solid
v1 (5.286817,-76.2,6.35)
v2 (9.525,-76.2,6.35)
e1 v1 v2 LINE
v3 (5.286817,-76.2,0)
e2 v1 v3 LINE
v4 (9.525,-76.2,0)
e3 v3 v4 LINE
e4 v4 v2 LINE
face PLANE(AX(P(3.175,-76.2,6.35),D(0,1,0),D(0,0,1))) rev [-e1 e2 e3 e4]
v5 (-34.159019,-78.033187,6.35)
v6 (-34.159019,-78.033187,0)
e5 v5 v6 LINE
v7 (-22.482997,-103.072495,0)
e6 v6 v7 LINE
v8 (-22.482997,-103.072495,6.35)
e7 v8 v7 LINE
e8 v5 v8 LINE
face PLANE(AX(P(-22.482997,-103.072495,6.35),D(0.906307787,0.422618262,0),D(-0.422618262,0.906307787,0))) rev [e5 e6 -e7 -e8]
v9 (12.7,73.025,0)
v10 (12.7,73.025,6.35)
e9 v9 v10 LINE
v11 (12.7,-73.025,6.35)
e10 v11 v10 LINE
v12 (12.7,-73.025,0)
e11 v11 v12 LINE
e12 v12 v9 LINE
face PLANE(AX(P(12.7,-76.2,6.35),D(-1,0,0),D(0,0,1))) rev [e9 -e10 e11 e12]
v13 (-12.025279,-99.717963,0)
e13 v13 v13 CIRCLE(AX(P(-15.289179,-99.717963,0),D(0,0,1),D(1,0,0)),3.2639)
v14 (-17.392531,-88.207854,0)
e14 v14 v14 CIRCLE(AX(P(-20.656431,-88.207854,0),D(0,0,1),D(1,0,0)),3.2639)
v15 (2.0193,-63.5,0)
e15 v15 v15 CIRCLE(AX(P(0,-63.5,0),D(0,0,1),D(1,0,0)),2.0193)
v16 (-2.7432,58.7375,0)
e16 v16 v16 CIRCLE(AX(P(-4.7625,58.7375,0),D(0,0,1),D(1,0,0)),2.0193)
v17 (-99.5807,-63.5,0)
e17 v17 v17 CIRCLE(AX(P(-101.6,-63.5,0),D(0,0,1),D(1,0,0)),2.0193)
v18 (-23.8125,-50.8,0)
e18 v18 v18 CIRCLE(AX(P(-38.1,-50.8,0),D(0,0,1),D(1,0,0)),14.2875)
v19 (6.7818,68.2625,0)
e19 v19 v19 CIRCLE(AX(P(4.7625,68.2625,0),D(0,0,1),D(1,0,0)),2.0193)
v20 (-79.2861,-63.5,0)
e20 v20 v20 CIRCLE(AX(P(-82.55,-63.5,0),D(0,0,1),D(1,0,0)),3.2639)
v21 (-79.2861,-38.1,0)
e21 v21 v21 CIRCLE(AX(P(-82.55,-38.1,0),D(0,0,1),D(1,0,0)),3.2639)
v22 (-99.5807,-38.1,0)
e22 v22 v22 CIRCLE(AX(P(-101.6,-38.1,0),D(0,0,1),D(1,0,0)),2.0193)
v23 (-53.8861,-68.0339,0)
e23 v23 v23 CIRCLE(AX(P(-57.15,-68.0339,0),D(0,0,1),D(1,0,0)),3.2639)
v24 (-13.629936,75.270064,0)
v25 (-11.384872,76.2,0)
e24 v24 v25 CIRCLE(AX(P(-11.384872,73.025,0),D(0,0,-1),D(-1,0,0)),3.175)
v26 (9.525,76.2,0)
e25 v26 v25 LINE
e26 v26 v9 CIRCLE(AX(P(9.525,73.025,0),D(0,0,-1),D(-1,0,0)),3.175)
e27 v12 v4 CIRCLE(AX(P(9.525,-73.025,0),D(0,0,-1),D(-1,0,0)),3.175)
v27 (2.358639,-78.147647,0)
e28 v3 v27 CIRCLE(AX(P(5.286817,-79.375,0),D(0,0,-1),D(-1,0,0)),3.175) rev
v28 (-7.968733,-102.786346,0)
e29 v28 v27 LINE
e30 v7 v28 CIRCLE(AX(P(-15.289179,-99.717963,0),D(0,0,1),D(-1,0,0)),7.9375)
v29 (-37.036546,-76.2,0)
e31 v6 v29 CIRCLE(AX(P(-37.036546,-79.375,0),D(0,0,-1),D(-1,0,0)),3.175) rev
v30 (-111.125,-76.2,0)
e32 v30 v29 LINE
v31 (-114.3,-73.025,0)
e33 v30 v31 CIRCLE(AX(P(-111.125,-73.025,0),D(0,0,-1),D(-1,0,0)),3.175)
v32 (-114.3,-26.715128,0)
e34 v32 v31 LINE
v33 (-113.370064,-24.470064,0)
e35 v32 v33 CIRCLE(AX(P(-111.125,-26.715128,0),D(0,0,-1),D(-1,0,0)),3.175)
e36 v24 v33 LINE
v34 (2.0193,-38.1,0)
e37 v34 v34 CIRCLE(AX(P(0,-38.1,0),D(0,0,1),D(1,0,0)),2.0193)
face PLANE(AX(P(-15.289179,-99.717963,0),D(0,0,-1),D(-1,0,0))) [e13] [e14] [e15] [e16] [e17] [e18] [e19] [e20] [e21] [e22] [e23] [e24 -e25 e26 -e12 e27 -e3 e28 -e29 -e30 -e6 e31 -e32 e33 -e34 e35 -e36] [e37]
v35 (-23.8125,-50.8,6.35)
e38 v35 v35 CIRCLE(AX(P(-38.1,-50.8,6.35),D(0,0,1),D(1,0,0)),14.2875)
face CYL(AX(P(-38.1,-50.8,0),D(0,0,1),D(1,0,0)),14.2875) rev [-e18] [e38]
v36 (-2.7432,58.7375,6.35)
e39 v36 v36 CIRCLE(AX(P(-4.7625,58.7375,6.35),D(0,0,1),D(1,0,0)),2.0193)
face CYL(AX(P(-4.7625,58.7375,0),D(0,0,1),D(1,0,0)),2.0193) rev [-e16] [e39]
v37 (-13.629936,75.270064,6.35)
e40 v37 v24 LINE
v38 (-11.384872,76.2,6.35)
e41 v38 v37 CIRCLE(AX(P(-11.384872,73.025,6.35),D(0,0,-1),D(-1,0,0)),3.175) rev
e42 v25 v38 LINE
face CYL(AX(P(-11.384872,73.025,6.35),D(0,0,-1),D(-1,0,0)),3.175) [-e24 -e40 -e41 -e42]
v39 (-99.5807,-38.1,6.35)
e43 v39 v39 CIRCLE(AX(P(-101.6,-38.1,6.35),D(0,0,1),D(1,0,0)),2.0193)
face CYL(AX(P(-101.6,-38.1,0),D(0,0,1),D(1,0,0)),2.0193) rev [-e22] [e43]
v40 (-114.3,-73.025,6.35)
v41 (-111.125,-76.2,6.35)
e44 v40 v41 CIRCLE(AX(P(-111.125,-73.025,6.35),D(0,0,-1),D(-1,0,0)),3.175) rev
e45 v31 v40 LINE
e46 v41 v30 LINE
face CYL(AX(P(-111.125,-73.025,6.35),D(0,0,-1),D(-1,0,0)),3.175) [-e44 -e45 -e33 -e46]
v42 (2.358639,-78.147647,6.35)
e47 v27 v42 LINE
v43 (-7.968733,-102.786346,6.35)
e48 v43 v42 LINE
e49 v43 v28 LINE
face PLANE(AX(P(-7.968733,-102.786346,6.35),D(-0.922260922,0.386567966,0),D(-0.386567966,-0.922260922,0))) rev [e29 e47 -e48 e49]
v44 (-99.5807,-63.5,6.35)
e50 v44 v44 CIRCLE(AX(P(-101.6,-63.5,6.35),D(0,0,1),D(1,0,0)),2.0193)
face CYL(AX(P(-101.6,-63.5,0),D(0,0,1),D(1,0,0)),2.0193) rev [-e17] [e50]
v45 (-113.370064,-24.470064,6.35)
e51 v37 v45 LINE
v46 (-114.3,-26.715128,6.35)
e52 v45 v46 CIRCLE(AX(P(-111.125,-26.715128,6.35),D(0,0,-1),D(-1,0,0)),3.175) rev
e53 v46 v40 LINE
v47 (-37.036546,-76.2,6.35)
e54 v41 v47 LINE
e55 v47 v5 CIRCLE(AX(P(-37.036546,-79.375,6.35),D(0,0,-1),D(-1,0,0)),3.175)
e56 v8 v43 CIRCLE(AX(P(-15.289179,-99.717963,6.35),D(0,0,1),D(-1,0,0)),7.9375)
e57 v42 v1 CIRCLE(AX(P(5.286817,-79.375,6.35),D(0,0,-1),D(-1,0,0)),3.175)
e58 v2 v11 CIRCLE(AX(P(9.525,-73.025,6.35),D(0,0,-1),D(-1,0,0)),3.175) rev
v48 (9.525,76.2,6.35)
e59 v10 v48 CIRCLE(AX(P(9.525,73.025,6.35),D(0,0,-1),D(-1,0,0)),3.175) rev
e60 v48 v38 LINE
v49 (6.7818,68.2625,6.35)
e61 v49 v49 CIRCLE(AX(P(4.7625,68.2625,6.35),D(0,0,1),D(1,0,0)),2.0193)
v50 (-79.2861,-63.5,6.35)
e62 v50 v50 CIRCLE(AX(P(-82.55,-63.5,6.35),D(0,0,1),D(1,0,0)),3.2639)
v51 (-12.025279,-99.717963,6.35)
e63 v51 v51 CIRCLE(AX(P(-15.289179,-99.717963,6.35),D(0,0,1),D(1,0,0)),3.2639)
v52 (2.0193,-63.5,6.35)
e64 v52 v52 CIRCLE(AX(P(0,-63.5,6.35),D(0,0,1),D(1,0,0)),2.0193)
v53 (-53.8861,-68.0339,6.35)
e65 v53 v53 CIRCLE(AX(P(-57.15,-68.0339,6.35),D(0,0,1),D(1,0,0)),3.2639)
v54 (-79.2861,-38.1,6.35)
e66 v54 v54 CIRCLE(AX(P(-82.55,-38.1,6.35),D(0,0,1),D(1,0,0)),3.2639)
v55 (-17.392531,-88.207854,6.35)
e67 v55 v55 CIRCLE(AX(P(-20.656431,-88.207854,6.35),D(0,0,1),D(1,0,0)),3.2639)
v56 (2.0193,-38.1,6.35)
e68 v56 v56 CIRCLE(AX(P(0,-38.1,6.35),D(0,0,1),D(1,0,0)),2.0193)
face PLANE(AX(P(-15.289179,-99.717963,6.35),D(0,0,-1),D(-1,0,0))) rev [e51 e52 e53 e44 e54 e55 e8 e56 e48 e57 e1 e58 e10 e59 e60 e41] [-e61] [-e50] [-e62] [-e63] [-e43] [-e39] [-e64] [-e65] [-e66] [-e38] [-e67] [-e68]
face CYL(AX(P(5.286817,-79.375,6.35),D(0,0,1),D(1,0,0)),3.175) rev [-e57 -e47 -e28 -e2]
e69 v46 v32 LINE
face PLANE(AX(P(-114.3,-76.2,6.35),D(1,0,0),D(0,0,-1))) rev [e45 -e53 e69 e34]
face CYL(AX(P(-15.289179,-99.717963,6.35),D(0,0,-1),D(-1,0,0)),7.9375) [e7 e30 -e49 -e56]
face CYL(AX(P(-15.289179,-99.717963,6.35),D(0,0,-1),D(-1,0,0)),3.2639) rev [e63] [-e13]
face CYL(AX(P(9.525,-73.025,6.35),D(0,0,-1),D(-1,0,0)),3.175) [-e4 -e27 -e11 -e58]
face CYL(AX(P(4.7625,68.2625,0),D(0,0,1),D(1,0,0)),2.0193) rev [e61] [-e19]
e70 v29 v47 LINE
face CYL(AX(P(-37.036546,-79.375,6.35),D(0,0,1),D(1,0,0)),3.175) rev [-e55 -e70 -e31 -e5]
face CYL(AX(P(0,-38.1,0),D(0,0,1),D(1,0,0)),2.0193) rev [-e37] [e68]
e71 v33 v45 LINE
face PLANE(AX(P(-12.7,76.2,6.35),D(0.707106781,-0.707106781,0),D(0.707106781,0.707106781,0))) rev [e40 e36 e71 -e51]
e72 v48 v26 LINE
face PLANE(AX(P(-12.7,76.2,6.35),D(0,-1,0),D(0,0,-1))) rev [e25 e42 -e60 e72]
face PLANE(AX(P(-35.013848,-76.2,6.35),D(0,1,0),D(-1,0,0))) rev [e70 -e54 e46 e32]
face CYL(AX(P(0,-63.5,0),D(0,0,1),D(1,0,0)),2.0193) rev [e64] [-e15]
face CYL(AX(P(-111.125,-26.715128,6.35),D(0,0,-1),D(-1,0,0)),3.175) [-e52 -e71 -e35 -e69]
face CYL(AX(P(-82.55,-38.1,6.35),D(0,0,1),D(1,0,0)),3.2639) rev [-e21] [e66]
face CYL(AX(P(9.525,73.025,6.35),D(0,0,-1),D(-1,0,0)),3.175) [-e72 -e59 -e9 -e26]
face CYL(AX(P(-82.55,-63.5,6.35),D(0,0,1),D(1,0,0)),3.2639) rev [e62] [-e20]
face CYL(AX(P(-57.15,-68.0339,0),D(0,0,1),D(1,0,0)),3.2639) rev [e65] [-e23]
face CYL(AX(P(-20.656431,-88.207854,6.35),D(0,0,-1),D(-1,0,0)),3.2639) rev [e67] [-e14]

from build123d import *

# Parameters (mm, degrees)
SKETCH1_R                = 3.2639
BOSS_EXTRUDE1_DEPTH      = 6.35
SKETCH2_R                = 2.0193
CUT_EXTRUDE1_DEPTH       = 6.35
SKETCH3_R                = 2.0193
CUT_EXTRUDE2_DEPTH       = 6.35
SKETCH5_R                = 2.0193
CUT_EXTRUDE3_DEPTH       = 6.35
SKETCH6_R                = 14.2875
CUT_EXTRUDE4_DEPTH       = 7.35
SKETCH7_R                = 3.2639
CUT_EXTRUDE5_DEPTH       = 7.35
F_0_257_DIAMETER_HOLE1_D = 6.5278
FILLET1_R                = 3.175
FILLET2_R                = 3.175


with BuildPart() as part:
    # Sketch1 → Boss-Extrude1 (new body)
    with BuildSketch(Plane.XY):
        with BuildLine():
            Line((-12.7, 76.2), (12.7, 76.2))
            Line((12.7, 76.2), (12.7, -76.2))
            Line((12.7, -76.2), (3.175, -76.2))
            Line((3.175, -76.2), (-7.968733256, -102.786346034))
            ThreePointArc((-7.968733256, -102.786346034), (-15.132721636, -107.653920671), (-22.482997382, -103.072495258))
            Line((-22.482997382, -103.072495258), (-35.013847715, -76.2))
            Line((-35.013847715, -76.2), (-114.3, -76.2))
            Line((-114.3, -76.2), (-114.3, -25.4))
            Line((-114.3, -25.4), (-12.7, 76.2))
        make_face()
        with Locations((-15.289179323, -99.717962805)):
            Circle(SKETCH1_R, mode=Mode.SUBTRACT)
        with Locations((-20.656431247, -88.20785391)):
            Circle(SKETCH1_R, mode=Mode.SUBTRACT)
    extrude(amount=BOSS_EXTRUDE1_DEPTH)

    # Sketch2 → Cut-Extrude1 (cut)
    with BuildSketch(Plane.XY.offset(6.35)):
        with Locations((4.7625, 68.2625)):
            Circle(SKETCH2_R)
        with Locations((-4.7625, 58.7375)):
            Circle(SKETCH2_R)
    extrude(amount=-CUT_EXTRUDE1_DEPTH, mode=Mode.SUBTRACT)

    # Sketch3 → Cut-Extrude2 (cut)
    with BuildSketch(Plane.XY.offset(6.35)):
        with Locations((0, -63.5)):
            Circle(SKETCH3_R)
        with Locations((0, -38.1)):
            Circle(SKETCH3_R)
    extrude(amount=-CUT_EXTRUDE2_DEPTH, mode=Mode.SUBTRACT)

    # Sketch5 → Cut-Extrude3 (cut)
    with BuildSketch(Plane.XY.offset(6.35)):
        with Locations((-101.6, -63.5)):
            Circle(SKETCH5_R)
        with Locations((-101.6, -38.1)):
            Circle(SKETCH5_R)
    extrude(amount=-CUT_EXTRUDE3_DEPTH, mode=Mode.SUBTRACT)

    # Sketch6 → Cut-Extrude4 (cut, through all)
    with BuildSketch(Plane.XY.offset(6.35)):
        with Locations((-38.1, -50.8)):
            Circle(SKETCH6_R)
    extrude(amount=-CUT_EXTRUDE4_DEPTH, mode=Mode.SUBTRACT)

    # Sketch7 → Cut-Extrude5 (cut, through all)
    with BuildSketch(Plane.XY.offset(6.35)):
        with Locations((-57.15, -68.0339)):
            Circle(SKETCH7_R)
    extrude(amount=-CUT_EXTRUDE5_DEPTH, mode=Mode.SUBTRACT)

    # F (0.257) Diameter Hole1 (through all)
    with Locations(Plane.XY.offset(6.35)):
        with Locations((-82.55, -38.1), (-82.55, -63.5)):
            Hole(F_0_257_DIAMETER_HOLE1_D / 2)

    # Fillet1
    fillet1_edges = [part.edges().sort_by_distance(p)[0] for p in [
        (12.7, -76.2, 3.175),
        (3.175, -76.2, 3.175),
        (-35.013847715, -76.2, 3.175),
    ]]
    fillet(fillet1_edges, radius=FILLET1_R)

    # Fillet2
    fillet2_edges = [part.edges().sort_by_distance(p)[0] for p in [
        (-114.3, -76.2, 3.175),
        (-114.3, -25.4, 3.175),
        (-12.7, 76.2, 3.175),
        (12.7, 76.2, 3.175),
    ]]
    fillet(fillet2_edges, radius=FILLET2_R)


solid = part.part
